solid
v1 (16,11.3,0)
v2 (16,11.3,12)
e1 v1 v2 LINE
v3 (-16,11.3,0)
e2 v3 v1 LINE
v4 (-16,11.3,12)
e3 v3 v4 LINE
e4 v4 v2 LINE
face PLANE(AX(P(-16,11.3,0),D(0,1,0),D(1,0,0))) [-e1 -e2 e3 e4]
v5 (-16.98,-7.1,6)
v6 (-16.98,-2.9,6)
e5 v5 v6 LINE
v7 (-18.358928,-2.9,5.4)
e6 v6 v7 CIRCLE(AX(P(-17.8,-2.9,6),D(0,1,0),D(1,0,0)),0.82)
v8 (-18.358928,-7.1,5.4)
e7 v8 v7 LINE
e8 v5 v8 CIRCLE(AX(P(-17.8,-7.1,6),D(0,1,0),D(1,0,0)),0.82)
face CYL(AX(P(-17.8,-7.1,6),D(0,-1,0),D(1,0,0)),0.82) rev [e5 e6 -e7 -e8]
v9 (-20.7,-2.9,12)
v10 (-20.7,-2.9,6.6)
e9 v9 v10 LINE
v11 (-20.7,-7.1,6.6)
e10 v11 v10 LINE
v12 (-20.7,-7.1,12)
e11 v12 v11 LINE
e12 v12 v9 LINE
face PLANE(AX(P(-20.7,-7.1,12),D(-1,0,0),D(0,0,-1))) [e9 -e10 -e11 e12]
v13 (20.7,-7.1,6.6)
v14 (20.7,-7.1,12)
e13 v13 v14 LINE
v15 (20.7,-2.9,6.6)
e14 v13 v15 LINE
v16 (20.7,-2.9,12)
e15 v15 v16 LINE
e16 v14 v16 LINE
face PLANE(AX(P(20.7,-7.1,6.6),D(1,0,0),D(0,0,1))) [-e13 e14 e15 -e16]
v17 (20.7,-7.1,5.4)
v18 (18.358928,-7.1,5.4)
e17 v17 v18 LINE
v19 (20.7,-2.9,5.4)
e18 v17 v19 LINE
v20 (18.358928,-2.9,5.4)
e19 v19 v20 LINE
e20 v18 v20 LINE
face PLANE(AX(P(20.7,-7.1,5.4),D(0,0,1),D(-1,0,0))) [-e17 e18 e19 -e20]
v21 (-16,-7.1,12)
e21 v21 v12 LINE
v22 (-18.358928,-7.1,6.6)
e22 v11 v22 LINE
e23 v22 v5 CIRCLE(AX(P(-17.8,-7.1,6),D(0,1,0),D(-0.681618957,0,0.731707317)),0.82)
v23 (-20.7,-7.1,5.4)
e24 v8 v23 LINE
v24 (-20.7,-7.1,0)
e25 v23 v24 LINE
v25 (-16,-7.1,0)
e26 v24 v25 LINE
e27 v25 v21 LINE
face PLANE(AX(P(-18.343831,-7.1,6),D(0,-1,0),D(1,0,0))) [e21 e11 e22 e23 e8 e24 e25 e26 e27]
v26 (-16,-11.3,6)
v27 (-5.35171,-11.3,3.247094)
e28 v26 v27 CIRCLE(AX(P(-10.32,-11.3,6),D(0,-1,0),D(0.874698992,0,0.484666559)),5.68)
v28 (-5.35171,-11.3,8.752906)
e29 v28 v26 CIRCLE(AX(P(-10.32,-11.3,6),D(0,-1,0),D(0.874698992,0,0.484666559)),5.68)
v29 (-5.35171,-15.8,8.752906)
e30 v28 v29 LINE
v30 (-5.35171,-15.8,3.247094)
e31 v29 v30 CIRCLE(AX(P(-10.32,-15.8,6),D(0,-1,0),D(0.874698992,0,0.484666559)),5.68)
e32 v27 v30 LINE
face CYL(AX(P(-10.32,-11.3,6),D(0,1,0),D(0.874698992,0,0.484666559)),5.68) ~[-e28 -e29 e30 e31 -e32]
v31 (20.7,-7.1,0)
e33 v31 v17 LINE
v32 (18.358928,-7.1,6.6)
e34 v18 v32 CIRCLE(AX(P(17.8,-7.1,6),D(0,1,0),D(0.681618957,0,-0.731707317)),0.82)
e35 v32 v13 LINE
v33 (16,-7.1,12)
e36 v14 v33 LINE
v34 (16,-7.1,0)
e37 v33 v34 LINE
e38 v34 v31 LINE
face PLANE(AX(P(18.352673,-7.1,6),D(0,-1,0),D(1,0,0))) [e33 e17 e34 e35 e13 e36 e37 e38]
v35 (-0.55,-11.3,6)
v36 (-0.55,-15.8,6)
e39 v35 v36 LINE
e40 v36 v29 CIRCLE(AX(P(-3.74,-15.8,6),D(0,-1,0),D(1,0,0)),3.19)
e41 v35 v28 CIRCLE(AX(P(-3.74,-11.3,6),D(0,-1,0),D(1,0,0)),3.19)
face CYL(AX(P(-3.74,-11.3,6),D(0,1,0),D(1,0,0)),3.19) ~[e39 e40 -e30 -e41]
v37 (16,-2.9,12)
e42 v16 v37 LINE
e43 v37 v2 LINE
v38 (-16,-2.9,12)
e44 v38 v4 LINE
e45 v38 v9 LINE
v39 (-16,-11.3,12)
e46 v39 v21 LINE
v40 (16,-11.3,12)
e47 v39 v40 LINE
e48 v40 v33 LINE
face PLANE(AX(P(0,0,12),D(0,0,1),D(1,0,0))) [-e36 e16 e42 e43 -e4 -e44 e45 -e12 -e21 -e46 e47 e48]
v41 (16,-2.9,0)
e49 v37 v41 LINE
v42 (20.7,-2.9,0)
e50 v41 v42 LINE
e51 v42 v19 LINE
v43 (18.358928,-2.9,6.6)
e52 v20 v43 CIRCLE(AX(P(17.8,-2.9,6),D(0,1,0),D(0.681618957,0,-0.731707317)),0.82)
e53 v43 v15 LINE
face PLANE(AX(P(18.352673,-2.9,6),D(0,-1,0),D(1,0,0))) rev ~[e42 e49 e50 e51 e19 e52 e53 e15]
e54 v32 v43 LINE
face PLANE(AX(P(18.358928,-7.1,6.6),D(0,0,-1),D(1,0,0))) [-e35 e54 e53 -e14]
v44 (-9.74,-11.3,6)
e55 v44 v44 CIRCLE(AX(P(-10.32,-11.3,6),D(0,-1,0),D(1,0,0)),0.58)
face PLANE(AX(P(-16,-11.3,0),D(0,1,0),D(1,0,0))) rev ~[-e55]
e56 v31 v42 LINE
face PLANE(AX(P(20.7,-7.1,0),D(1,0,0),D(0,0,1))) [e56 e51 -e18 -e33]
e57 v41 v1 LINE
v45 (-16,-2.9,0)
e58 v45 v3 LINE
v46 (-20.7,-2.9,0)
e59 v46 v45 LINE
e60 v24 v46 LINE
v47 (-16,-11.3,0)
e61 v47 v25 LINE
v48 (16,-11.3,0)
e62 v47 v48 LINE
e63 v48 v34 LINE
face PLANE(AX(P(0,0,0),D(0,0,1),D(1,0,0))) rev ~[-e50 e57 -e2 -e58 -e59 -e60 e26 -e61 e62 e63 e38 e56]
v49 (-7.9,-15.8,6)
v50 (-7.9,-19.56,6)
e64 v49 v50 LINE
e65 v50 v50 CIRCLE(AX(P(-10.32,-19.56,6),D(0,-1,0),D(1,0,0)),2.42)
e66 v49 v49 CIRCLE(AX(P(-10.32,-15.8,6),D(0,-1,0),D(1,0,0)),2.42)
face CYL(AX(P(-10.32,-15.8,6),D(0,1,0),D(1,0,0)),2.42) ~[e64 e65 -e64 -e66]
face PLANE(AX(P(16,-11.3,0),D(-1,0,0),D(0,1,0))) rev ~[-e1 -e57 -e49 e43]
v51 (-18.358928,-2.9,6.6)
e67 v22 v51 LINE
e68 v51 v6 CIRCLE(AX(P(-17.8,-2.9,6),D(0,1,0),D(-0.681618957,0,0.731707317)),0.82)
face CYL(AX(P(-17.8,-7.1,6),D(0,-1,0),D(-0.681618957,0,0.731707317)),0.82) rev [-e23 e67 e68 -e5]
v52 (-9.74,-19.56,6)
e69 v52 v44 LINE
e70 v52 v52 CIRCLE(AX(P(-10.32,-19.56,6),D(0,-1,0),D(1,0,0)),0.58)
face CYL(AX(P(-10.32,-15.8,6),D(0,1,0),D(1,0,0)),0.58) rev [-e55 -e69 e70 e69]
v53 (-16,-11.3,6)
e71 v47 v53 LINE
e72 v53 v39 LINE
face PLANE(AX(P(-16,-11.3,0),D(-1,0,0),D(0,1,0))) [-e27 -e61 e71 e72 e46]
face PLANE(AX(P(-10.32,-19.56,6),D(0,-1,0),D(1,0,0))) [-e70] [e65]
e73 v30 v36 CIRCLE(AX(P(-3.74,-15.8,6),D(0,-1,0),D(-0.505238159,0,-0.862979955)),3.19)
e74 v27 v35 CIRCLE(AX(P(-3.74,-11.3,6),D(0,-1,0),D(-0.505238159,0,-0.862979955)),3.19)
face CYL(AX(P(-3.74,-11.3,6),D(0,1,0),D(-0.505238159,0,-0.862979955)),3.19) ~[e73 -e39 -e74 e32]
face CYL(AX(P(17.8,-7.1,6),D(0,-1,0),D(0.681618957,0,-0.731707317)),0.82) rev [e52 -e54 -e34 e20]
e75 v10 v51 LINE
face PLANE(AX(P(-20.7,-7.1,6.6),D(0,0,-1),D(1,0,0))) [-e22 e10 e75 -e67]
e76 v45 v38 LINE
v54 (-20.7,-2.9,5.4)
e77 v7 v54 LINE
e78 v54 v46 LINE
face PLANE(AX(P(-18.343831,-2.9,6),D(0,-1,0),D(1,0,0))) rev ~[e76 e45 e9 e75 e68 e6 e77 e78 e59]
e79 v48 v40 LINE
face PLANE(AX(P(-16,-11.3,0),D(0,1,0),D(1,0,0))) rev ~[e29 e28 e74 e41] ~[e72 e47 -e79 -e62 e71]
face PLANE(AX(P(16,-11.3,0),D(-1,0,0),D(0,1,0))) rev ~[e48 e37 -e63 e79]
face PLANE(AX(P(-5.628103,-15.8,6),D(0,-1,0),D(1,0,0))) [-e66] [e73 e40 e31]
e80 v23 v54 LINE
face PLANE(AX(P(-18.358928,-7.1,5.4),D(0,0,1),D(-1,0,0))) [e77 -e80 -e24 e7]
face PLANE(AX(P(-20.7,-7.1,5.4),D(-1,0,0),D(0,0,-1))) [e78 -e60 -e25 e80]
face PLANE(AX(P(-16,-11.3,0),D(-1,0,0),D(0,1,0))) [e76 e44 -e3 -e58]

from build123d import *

# Parameters (mm, degrees)
F0_W     = 32
F0_H     = 22.6
F1_DEPTH = 12
F3_START = -4.2
F3_DEPTH = 4.2
F4_R     = 2.42
F4_R_2   = 0.58
F5_DEPTH = 4.5
F6_R     = 2.42
F6_R_2   = 0.58
F7_DEPTH = 3.76


with BuildPart() as f1:
    # F0 (on Top) → F1 (new body)
    with BuildSketch(Plane.XY):
        Rectangle(F0_W, F0_H)
    extrude(amount=F1_DEPTH)

    # F2 (on face) → F3 (join)
    with BuildSketch(Plane.XZ.offset(11.3).offset(F3_START)):
        with BuildLine():
            Line((20.7, 12), (16, 12))
            Line((16, 12), (16, 0))
            Line((16, 0), (20.7, 0))
            Line((20.7, 0), (20.7, 5.4))
            Line((20.7, 5.4), (18.3589275445, 5.4))
            ThreePointArc((18.3589275445, 5.4), (16.98, 6), (18.3589275445, 6.6))
            Line((18.3589275445, 6.6), (20.7, 6.6))
            Line((20.7, 6.6), (20.7, 12))
        make_face()
        with BuildLine():
            Line((-16, 12), (-20.7, 12))
            Line((-20.7, 12), (-20.7, 6.6))
            Line((-20.7, 6.6), (-18.3589275445, 6.6))
            ThreePointArc((-18.3589275445, 6.6), (-17.4728307674, 6.7519044442), (-16.98, 6))
            ThreePointArc((-16.98, 6), (-17.4728307674, 5.2480955558), (-18.3589275445, 5.4))
            Line((-18.3589275445, 5.4), (-20.7, 5.4))
            Line((-20.7, 5.4), (-20.7, 0))
            Line((-20.7, 0), (-16, 0))
            Line((-16, 0), (-16, 12))
        make_face()
    extrude(amount=-F3_DEPTH)

    # F4 (on face) → F5 (join)
    with BuildSketch(Plane.XZ.offset(11.3)):
        with BuildLine():
            ThreePointArc((-5.3517097264, 3.2470939432), (-4.8208051156, 4.5782913016), (-4.64, 6))
            ThreePointArc((-4.64, 6), (-4.8208051156, 7.4217086984), (-5.3517097264, 8.7529060568))
            ThreePointArc((-5.3517097264, 8.7529060568), (-6.93, 6), (-5.3517097264, 3.2470939432))
        make_face()
        with BuildLine():
            ThreePointArc((-5.3517097264, 8.7529060568), (-4.8208051156, 7.4217086984), (-4.64, 6))
            ThreePointArc((-4.64, 6), (-4.8208051156, 4.5782913016), (-5.3517097264, 3.2470939432))
            ThreePointArc((-5.3517097264, 3.2470939432), (-2.1533768606, 3.2325594833), (-0.55, 6))
            ThreePointArc((-0.55, 6), (-2.1533768606, 8.7674405167), (-5.3517097264, 8.7529060568))
        make_face()
        with BuildLine():
            ThreePointArc((-5.3517097264, 3.2470939432), (-6.93, 6), (-5.3517097264, 8.7529060568))
            ThreePointArc((-5.3517097264, 8.7529060568), (-16, 6), (-5.3517097264, 3.2470939432))
        make_face()
        with Locations((-10.32, 6)):
            Circle(F4_R, mode=Mode.SUBTRACT)
        with Locations((-10.32, 6)):
            Circle(F4_R)
        with Locations((-10.32, 6)):
            Circle(F4_R_2, mode=Mode.SUBTRACT)
    extrude(amount=F5_DEPTH)

    # F6 (on face) → F7 (join)
    with BuildSketch(Plane.XZ.offset(15.8)):
        with Locations((-10.32, 6)):
            Circle(F6_R)
        with Locations((-10.32, 6)):
            Circle(F6_R_2, mode=Mode.SUBTRACT)
    extrude(amount=F7_DEPTH)


solid = f1.part
